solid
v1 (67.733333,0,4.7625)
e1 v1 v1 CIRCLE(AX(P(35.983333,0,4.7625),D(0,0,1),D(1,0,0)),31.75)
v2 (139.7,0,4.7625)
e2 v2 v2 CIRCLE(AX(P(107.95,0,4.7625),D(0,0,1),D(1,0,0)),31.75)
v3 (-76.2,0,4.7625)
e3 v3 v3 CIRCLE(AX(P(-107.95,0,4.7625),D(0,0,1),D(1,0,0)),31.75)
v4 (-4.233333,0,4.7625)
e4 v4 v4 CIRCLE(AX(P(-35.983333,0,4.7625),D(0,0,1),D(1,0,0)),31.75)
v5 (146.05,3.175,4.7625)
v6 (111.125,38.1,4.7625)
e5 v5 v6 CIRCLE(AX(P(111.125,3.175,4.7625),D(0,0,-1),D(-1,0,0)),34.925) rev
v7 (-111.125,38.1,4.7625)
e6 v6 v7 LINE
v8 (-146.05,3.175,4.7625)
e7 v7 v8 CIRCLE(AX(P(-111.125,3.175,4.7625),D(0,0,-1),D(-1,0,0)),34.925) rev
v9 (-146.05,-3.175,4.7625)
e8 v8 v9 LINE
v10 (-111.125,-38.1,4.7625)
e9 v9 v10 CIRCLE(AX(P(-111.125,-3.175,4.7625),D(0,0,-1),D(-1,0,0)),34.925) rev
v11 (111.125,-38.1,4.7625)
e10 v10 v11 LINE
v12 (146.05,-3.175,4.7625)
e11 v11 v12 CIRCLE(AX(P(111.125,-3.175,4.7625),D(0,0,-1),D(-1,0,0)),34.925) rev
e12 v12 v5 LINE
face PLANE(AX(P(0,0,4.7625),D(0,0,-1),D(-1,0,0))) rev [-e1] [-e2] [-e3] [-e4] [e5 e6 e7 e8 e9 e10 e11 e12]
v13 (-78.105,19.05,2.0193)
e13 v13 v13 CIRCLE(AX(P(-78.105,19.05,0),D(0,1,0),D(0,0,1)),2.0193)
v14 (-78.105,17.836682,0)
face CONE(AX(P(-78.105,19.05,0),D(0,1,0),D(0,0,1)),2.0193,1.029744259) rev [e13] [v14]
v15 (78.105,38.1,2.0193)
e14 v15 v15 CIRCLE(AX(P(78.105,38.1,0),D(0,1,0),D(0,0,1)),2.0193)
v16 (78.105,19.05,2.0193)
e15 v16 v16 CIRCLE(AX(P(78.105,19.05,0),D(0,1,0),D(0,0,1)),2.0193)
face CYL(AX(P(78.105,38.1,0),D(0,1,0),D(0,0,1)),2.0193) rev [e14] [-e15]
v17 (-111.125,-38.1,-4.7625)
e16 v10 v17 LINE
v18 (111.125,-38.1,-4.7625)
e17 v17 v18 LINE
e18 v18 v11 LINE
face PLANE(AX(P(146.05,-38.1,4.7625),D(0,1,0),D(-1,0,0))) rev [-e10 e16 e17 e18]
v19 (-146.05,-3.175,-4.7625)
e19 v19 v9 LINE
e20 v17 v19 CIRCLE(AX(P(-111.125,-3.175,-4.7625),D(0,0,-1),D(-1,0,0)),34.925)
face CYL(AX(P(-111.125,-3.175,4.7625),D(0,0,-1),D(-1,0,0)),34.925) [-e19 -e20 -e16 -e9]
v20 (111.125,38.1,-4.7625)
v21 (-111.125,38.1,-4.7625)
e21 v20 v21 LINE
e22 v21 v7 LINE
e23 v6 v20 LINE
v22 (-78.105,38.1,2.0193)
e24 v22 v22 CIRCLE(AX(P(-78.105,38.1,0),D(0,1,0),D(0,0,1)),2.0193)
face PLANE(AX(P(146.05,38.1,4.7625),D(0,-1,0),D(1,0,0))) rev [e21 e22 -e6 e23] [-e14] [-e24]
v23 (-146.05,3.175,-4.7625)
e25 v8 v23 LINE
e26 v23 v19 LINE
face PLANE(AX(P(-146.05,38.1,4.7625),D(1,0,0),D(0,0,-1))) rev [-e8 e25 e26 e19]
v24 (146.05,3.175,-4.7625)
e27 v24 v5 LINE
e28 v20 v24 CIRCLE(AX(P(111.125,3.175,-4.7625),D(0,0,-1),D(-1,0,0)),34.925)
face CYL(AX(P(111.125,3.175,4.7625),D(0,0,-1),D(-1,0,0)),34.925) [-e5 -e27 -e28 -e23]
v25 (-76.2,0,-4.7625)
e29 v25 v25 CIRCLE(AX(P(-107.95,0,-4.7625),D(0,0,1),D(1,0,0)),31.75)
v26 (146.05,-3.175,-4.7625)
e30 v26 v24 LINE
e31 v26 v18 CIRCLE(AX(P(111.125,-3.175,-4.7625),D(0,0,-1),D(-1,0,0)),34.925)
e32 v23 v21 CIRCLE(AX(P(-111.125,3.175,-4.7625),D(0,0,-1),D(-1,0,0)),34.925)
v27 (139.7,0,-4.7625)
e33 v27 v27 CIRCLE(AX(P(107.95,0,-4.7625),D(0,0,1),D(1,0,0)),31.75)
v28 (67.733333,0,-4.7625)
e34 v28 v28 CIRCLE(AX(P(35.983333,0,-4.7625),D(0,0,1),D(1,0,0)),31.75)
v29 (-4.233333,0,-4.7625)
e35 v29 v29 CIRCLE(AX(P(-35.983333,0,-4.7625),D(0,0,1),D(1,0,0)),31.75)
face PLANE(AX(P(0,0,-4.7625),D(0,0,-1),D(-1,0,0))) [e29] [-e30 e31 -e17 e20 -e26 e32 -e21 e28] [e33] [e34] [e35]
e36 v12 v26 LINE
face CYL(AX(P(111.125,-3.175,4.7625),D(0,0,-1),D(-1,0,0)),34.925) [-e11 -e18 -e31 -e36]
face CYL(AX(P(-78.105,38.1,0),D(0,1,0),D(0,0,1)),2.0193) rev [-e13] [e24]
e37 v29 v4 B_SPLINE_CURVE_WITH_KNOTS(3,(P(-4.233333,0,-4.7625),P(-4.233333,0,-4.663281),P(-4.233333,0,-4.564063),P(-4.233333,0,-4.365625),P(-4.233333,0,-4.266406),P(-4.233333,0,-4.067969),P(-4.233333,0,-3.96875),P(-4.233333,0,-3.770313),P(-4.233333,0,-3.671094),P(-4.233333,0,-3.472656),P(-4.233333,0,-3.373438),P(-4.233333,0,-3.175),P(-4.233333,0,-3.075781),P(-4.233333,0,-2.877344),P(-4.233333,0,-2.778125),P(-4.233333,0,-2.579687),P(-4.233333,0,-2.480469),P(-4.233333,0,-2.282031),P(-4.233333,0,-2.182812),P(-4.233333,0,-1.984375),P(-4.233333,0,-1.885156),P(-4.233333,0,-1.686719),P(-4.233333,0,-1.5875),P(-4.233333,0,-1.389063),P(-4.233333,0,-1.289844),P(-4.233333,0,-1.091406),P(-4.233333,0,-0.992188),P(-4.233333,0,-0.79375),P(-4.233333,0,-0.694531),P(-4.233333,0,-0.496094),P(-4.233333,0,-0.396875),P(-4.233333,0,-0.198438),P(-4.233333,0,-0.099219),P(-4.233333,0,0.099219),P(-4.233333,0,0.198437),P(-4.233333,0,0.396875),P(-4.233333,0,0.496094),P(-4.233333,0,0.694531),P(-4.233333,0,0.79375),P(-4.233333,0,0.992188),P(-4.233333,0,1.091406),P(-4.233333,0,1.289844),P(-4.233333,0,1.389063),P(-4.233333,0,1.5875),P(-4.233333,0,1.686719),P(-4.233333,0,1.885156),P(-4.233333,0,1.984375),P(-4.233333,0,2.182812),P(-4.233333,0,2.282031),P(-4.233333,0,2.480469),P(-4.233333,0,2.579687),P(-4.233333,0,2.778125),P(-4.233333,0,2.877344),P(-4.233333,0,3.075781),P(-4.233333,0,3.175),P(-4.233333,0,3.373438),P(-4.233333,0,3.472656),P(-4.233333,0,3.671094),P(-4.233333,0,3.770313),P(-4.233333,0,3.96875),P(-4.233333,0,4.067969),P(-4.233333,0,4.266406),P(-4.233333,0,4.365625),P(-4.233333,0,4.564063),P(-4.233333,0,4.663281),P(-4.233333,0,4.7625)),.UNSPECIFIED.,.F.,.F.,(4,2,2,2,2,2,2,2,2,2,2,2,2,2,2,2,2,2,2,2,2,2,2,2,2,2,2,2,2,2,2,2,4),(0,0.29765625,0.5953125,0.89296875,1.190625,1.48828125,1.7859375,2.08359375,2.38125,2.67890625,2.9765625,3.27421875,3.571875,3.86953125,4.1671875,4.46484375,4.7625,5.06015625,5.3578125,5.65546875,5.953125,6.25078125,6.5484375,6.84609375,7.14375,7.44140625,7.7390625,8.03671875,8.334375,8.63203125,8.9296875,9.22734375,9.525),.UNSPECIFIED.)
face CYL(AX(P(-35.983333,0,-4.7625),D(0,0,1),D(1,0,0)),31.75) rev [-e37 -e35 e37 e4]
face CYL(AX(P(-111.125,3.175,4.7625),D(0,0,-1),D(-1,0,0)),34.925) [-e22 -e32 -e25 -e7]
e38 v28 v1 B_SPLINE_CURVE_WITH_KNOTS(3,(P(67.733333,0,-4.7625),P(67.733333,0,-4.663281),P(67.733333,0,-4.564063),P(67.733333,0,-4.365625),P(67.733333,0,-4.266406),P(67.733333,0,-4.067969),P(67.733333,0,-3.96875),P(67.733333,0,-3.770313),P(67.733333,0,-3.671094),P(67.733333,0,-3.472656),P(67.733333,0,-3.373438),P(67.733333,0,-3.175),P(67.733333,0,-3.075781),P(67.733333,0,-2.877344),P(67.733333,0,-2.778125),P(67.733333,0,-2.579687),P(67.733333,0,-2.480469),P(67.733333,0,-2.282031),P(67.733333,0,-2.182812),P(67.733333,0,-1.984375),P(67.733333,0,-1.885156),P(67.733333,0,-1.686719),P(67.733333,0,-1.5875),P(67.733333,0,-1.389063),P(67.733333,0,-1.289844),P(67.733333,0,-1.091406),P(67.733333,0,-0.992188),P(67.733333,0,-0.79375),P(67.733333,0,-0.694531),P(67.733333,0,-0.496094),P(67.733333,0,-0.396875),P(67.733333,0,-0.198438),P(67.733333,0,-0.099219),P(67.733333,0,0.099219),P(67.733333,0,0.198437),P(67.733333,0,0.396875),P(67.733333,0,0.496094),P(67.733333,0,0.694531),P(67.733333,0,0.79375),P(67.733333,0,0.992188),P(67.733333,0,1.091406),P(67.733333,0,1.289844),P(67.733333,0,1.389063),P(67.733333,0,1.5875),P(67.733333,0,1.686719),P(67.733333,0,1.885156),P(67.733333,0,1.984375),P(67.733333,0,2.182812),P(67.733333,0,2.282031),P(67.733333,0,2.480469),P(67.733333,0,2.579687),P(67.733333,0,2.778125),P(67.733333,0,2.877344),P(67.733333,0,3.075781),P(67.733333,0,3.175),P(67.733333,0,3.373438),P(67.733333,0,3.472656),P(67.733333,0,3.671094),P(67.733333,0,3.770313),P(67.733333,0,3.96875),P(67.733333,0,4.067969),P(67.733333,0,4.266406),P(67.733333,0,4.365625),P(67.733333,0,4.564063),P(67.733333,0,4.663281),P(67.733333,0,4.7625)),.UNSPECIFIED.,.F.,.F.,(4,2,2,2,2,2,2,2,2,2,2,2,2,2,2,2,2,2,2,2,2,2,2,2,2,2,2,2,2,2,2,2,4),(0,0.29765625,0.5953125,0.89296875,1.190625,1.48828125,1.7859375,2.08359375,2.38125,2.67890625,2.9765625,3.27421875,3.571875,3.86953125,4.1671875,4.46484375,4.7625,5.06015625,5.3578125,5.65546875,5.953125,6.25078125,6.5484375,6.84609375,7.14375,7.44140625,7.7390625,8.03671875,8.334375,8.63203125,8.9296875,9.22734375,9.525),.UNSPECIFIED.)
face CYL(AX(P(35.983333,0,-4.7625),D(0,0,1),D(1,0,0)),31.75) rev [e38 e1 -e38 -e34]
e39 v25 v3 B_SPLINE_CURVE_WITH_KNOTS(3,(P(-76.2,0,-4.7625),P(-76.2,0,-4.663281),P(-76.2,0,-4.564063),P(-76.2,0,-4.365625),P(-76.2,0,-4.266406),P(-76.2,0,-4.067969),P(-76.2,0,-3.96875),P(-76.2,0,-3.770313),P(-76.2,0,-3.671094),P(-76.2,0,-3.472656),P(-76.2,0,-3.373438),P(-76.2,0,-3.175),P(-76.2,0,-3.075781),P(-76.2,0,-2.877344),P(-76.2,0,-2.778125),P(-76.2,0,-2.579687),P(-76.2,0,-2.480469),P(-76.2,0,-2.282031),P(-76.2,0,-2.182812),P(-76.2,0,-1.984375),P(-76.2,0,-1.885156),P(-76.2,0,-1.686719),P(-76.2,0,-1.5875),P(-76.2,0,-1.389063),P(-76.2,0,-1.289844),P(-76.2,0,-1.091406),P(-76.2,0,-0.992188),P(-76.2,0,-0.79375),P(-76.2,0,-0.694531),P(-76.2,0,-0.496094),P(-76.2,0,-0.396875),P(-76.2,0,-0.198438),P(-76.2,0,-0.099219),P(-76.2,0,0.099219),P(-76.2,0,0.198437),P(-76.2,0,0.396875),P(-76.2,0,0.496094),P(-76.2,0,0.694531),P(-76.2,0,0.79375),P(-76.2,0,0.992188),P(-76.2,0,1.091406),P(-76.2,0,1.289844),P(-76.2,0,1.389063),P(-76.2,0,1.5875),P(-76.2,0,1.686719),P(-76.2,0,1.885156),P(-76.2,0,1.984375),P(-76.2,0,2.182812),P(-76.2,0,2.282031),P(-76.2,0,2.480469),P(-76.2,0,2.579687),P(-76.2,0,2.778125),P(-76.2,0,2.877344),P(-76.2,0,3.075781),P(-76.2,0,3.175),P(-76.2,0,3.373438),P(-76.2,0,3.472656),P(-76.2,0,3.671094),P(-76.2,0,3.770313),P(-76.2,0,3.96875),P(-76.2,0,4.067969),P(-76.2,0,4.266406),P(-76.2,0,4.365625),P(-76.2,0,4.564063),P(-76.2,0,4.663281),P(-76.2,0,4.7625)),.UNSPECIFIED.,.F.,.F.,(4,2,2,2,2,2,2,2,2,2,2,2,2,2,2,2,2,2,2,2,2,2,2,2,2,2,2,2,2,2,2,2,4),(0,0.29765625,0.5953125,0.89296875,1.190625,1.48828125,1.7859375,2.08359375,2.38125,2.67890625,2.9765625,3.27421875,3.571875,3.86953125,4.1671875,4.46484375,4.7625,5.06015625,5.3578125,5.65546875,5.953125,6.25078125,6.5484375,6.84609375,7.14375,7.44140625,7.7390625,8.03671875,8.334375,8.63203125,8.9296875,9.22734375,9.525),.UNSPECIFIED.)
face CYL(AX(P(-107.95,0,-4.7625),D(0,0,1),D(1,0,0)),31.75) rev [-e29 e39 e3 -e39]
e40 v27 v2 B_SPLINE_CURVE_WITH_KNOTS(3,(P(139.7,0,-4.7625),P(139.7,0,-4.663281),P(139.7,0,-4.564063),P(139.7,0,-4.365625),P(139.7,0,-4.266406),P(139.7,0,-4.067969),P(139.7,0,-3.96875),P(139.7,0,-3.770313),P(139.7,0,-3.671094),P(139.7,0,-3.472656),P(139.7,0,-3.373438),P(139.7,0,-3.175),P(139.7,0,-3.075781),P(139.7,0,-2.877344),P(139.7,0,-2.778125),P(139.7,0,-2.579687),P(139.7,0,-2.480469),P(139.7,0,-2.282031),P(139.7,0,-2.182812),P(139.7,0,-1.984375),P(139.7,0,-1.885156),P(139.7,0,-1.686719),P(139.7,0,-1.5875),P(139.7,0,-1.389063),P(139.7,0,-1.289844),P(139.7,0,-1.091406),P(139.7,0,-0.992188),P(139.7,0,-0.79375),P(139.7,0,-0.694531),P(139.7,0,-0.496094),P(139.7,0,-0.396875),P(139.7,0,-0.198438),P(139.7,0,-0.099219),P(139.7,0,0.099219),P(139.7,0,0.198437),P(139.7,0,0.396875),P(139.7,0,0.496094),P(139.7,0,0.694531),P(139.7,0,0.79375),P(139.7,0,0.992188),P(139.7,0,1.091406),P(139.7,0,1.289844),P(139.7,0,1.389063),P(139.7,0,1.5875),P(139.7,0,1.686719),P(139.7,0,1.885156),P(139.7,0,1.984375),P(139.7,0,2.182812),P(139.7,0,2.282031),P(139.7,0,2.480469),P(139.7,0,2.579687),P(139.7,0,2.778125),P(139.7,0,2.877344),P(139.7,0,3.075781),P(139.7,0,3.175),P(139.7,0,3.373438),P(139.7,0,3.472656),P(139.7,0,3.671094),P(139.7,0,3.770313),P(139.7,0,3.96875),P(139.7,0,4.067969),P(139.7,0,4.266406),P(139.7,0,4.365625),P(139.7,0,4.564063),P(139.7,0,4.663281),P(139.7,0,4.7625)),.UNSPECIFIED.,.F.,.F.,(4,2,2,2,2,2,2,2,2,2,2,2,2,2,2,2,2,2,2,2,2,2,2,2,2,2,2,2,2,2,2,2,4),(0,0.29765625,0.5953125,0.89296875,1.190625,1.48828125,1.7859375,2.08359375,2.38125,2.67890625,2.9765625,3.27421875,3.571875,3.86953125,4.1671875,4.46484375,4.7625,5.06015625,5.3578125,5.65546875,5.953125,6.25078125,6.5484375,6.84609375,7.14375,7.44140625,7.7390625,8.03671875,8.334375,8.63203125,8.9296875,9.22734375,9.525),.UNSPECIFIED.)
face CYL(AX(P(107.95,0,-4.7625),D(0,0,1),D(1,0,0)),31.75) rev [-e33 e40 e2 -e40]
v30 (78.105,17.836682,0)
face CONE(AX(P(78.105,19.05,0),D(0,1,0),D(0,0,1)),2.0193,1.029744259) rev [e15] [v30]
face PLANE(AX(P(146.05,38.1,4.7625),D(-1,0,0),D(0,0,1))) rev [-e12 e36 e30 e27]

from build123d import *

# Parameters (mm, degrees)
SKETCH1_W                  = 292.1
SKETCH1_H                  = 76.2
BOSS_EXTRUDE1_DEPTH        = 4.7625
SKETCH2_R                  = 31.75
CUT_EXTRUDE1_DEPTH         = 152.23801812
FILLET1_R                  = 34.925
F_10_32_TAPPED_HOLE2_D     = 4.0386
F_10_32_TAPPED_HOLE2_DEPTH = 19.05
F_10_32_TAPPED_HOLE2_TIP   = 1.213317848


with BuildPart() as part:
    # Sketch1 → Boss-Extrude1 (new, symmetric)
    with BuildSketch(Plane.XY):
        Rectangle(SKETCH1_W, SKETCH1_H)
    extrude(amount=BOSS_EXTRUDE1_DEPTH, both=True)

    # Sketch2 → Cut-Extrude1 (cut, through all)
    with BuildSketch(Plane.XY.offset(4.7625)):
        with Locations((-107.95, 0)):
            Circle(SKETCH2_R)
        with Locations((-35.983333333, 0)):
            Circle(SKETCH2_R)
        with Locations((35.983333333, 0)):
            Circle(SKETCH2_R)
        with Locations((107.95, 0)):
            Circle(SKETCH2_R)
    extrude(amount=-CUT_EXTRUDE1_DEPTH, mode=Mode.SUBTRACT)

    # Fillet1
    fillet1_edges = [part.edges().sort_by_distance(p)[0] for p in [
        (-146.05, 38.1, 0),
        (146.05, 38.1, 0),
        (146.05, -38.1, 0),
        (-146.05, -38.1, 0),
    ]]
    fillet(fillet1_edges, radius=FILLET1_R)

    # #10-32 Tapped Hole2
    with Locations(Plane(origin=(0, 38.1, 0), x_dir=(1, 0, 0), z_dir=(0, 1, 0))):
        with Locations((-78.105, 0), (78.105, 0)):
            Hole(F_10_32_TAPPED_HOLE2_D / 2, depth=F_10_32_TAPPED_HOLE2_DEPTH)
            with Locations((0, 0, -(F_10_32_TAPPED_HOLE2_DEPTH + F_10_32_TAPPED_HOLE2_TIP / 2))):  # 118° drill point
                Cone(0, F_10_32_TAPPED_HOLE2_D / 2, F_10_32_TAPPED_HOLE2_TIP, mode=Mode.SUBTRACT)


solid = part.part
